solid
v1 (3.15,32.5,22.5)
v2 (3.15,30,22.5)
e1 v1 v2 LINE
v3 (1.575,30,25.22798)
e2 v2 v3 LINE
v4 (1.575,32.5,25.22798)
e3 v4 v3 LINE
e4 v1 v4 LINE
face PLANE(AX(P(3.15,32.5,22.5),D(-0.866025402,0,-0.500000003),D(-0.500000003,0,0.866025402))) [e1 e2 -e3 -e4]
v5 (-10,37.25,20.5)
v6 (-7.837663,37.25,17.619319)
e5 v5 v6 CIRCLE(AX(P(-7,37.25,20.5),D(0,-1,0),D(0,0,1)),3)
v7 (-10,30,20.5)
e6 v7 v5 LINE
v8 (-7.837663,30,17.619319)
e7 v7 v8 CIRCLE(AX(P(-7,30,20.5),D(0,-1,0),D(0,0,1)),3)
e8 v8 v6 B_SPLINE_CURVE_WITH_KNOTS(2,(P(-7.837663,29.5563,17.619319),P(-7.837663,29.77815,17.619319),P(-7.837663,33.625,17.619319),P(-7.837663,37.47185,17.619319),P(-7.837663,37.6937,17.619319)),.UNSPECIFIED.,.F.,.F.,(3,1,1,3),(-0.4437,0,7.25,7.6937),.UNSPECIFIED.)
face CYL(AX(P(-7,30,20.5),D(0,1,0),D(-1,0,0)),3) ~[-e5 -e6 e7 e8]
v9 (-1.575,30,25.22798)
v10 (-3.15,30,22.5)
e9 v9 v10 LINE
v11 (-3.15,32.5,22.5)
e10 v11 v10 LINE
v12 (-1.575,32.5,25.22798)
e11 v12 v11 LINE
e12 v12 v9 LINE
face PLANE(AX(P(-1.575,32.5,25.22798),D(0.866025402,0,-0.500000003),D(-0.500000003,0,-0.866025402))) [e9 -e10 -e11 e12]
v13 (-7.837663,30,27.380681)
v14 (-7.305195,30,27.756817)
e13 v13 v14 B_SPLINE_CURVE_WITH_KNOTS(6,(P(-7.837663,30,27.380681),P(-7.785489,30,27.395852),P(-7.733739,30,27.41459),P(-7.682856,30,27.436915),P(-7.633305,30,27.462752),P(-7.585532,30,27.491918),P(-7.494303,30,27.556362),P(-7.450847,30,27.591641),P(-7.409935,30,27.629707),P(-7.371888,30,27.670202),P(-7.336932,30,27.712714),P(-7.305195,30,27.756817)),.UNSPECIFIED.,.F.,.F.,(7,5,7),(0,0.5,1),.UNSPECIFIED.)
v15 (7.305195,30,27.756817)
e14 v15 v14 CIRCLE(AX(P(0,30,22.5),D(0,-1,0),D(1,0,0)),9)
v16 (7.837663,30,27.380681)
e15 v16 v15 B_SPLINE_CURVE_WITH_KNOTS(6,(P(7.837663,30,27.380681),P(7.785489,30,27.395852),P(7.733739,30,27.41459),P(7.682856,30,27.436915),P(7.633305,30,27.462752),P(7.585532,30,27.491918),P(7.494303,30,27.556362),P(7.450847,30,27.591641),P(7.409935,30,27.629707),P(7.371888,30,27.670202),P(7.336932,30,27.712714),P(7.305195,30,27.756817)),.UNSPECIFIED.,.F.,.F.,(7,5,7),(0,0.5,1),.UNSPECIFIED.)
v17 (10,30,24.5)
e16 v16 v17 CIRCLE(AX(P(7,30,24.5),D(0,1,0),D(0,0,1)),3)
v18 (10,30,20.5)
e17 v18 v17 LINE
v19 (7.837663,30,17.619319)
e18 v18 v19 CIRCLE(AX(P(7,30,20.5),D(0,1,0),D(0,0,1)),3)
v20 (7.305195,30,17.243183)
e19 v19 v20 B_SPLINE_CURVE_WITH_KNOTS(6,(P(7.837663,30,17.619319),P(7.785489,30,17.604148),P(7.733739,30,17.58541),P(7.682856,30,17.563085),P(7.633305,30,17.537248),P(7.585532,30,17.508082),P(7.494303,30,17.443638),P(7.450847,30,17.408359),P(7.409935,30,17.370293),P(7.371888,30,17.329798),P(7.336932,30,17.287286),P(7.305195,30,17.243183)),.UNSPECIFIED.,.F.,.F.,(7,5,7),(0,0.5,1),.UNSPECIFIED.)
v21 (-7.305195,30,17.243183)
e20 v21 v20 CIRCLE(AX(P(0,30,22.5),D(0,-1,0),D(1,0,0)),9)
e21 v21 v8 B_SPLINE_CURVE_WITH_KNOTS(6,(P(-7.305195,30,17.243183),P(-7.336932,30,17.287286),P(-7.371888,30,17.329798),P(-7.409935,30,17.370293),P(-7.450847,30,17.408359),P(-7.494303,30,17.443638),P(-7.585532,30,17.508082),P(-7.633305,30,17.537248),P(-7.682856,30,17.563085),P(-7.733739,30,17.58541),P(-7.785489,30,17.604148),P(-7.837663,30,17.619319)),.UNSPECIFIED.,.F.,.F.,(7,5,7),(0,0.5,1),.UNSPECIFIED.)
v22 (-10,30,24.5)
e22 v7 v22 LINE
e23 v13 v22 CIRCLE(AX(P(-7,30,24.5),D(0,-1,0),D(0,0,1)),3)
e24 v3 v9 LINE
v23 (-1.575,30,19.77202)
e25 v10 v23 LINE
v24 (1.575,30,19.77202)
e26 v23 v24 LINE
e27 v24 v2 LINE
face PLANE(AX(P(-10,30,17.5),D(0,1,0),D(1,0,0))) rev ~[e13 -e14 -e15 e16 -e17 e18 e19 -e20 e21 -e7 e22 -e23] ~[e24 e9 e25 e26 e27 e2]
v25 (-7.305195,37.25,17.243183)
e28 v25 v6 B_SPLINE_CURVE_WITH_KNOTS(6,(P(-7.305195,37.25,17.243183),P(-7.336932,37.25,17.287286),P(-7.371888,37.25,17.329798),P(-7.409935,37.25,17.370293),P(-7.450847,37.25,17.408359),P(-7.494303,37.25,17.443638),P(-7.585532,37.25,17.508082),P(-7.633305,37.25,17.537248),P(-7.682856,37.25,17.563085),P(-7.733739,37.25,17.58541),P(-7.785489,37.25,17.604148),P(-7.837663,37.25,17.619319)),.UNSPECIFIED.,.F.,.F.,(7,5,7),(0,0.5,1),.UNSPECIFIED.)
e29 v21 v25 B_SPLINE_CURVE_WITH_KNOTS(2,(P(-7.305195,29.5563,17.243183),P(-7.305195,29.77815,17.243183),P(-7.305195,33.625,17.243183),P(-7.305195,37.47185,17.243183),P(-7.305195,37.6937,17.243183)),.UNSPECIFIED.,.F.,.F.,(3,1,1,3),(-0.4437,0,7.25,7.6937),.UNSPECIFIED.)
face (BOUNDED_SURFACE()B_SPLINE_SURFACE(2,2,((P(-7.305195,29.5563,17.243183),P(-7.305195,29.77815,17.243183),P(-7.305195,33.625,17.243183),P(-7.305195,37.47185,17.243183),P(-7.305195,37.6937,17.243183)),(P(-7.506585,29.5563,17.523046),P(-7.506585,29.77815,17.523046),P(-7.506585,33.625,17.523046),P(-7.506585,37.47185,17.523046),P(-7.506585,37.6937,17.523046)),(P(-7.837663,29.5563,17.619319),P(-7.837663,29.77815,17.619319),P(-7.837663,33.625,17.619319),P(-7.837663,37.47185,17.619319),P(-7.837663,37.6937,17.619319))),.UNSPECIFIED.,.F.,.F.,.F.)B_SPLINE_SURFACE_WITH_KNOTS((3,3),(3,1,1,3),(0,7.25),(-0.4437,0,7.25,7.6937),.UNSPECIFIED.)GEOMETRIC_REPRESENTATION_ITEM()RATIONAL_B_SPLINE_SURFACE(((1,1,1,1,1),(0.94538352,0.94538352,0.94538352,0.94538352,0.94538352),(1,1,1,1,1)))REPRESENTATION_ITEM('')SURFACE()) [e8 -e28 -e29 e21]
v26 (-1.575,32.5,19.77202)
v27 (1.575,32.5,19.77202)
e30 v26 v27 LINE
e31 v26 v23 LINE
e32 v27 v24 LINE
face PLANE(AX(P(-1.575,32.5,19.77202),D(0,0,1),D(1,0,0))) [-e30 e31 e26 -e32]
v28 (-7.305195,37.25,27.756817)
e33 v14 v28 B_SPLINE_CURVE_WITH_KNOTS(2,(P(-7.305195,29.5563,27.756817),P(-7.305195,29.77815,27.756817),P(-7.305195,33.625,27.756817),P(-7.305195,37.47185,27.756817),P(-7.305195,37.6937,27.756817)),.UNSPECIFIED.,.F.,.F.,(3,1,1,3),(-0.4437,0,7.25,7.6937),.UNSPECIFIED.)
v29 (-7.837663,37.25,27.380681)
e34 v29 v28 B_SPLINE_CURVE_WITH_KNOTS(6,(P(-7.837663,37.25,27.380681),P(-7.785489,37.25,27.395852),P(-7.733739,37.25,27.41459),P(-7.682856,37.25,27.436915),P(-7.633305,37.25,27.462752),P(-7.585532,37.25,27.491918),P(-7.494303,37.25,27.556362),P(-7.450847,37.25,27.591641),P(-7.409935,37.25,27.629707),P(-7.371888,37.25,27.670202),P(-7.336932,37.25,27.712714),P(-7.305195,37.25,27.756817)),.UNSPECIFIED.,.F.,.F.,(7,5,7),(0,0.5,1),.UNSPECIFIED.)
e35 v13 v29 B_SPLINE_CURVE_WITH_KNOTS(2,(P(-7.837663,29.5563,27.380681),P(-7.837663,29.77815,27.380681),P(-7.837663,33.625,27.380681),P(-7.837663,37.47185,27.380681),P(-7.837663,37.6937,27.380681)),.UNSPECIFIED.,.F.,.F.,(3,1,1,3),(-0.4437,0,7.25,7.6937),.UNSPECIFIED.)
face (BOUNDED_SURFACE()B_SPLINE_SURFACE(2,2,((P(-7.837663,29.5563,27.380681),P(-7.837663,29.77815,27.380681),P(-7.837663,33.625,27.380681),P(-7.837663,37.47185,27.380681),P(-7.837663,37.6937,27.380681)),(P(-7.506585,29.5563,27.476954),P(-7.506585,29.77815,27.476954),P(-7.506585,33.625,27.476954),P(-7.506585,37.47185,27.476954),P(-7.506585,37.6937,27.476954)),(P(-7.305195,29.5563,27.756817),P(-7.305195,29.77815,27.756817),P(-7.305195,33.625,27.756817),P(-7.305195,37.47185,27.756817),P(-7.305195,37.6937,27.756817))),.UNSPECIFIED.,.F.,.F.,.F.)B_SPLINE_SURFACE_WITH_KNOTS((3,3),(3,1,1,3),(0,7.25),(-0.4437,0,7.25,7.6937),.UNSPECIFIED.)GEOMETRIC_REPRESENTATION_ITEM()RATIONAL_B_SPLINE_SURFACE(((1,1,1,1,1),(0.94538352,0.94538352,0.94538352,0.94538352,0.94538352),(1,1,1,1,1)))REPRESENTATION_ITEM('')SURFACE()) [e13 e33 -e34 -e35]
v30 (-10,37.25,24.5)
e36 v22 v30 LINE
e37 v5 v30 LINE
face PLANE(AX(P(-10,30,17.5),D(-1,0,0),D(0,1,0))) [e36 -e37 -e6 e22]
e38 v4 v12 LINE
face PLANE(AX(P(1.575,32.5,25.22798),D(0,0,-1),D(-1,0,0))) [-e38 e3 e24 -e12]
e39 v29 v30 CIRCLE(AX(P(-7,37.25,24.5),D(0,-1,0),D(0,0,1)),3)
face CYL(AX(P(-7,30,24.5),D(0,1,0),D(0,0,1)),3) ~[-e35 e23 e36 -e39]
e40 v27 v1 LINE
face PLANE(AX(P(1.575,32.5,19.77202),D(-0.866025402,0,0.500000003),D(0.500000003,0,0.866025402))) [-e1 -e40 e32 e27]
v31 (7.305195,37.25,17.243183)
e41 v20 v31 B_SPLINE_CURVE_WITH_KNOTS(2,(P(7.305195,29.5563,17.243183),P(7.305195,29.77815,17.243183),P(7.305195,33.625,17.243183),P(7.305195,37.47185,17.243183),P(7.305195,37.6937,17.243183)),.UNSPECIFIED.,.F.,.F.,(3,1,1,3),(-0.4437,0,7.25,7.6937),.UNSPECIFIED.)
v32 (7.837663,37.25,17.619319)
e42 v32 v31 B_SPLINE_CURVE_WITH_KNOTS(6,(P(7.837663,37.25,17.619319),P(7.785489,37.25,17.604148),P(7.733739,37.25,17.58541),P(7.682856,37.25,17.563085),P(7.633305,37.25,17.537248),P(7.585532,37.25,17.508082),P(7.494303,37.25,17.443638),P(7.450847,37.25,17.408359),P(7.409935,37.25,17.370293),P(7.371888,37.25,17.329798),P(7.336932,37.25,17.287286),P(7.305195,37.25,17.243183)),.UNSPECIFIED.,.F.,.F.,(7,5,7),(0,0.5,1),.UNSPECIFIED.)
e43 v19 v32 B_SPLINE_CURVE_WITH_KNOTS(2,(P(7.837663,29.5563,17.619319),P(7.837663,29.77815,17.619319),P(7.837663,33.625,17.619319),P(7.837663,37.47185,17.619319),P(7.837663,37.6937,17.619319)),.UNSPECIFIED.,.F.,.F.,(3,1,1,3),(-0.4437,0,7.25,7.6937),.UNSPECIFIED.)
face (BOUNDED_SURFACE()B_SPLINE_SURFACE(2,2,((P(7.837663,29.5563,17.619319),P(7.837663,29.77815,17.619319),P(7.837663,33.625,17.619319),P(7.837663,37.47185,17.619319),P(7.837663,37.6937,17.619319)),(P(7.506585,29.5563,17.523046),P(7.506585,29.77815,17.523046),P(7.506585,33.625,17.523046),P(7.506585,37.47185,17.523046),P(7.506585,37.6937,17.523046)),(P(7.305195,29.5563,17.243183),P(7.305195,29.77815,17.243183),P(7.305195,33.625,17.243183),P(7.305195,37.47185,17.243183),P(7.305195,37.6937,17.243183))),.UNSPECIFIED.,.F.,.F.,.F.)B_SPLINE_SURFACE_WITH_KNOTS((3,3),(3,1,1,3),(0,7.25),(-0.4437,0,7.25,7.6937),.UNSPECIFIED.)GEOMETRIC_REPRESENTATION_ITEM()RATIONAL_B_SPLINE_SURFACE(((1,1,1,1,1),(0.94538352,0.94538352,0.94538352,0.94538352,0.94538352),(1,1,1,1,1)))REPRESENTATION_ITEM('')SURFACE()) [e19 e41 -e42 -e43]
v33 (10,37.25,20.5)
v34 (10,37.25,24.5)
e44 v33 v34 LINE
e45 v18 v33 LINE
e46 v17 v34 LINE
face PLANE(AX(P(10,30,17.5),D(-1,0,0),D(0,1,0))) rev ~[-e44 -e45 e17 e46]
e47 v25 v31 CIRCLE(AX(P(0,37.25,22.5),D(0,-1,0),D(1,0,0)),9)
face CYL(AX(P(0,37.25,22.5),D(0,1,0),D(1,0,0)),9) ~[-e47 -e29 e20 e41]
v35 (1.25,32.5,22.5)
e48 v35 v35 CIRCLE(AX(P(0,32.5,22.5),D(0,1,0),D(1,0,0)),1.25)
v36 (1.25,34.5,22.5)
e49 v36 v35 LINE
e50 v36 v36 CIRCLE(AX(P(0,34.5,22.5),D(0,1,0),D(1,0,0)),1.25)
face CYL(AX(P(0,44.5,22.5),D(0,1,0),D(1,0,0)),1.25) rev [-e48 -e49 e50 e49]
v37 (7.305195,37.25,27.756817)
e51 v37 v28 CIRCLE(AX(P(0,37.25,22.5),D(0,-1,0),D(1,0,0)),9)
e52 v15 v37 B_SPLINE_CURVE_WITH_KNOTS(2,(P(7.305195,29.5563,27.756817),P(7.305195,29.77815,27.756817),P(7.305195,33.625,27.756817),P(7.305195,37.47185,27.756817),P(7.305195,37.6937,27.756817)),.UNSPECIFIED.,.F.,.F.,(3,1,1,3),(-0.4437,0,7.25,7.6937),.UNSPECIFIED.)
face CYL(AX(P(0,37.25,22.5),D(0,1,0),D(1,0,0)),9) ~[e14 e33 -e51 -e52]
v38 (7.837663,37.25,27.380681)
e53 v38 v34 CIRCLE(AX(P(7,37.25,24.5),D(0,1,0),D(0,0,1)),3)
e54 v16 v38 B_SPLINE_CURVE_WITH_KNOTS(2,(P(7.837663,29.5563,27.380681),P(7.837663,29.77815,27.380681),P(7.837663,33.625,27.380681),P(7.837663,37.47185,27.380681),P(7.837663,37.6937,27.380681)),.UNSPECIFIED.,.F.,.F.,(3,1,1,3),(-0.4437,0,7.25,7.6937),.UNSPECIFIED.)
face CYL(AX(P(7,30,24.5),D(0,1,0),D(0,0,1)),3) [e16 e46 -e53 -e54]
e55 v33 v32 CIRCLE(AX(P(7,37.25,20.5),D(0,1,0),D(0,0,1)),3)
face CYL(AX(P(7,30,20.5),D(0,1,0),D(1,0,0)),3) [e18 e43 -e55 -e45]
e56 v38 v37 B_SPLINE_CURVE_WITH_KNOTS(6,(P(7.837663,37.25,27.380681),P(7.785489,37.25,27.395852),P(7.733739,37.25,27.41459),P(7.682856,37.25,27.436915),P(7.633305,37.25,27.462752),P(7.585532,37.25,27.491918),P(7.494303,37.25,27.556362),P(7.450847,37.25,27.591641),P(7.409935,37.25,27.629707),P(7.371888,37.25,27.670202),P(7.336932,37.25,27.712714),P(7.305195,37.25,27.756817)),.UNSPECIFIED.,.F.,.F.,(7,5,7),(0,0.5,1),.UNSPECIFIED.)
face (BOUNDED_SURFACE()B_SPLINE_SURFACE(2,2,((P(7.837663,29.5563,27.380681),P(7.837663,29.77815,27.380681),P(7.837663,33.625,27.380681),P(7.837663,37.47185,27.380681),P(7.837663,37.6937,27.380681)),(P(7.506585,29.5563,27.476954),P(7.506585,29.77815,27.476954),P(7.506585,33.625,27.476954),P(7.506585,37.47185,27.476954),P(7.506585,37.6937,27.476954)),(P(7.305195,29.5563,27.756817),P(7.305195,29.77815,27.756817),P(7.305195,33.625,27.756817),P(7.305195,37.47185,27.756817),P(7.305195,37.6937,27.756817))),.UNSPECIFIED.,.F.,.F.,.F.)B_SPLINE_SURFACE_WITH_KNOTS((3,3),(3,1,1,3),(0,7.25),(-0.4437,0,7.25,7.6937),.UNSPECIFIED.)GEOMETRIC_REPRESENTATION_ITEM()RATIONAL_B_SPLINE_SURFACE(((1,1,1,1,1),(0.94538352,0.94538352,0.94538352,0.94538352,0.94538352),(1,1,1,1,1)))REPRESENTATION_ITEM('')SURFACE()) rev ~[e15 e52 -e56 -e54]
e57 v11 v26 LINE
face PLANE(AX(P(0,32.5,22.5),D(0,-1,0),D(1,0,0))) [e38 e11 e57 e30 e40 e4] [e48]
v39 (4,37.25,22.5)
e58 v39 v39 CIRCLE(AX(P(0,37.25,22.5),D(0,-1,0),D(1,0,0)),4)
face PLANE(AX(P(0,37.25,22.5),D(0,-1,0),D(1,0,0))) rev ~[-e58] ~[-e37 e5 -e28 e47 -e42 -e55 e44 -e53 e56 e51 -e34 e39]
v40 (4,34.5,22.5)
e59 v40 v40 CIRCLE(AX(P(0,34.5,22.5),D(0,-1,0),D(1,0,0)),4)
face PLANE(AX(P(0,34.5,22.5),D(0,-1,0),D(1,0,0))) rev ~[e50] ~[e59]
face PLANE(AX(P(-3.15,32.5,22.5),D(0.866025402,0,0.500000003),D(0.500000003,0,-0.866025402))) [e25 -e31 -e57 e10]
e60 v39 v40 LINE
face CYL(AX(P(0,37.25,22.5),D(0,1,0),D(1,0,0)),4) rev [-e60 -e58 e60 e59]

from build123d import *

# Parameters (mm, degrees)
CYLINDER014_R     = 4
CYLINDER014_DEPTH = 10
CYLINDER013_R     = 1.25
CYLINDER013_DEPTH = 50
PRISM002_DEPTH    = 2.5
BOX004_W          = 20
BOX004_H          = 7.25
BOX004_DEPTH      = 10
FILLET004_R       = 3
FILLET005_R       = 3
CYLINDER016_R     = 4
CYLINDER016_DEPTH = 7.25
CYLINDER015_R     = 9
CYLINDER015_DEPTH = 7.25
FILLET006_R       = 1


with BuildPart() as cylinder013:
    # Cylinder014 → Cylinder014 (new body)
    with BuildSketch(Plane(origin=(0, -16, 22.5), x_dir=(1, 0, 0), z_dir=(0, -1, 0))):
        Circle(CYLINDER014_R)
    extrude(amount=CYLINDER014_DEPTH)


with BuildPart() as fusion004:
    # Cylinder013 → Cylinder013 (new body)
    with BuildSketch(Plane(origin=(0, -16, 22.5), x_dir=(1, 0, 0), z_dir=(0, -1, 0))):
        Circle(CYLINDER013_R)
    extrude(amount=CYLINDER013_DEPTH)

    # Fusion004: union Cylinder013
    add(cylinder013.part)


with BuildPart() as fusion004_1:
    # Fusion004 placement: moved
    add(fusion004.part.moved(Location((0, 57, 0))))


with BuildPart() as fusion005:
    # Prism002 → Prism002 (new body)
    with BuildSketch(Plane(origin=(0, 29, 22.5), x_dir=(1, 0, 0), z_dir=(0, -1, 0))):
        Polygon((3.15, 0), (1.575, 2.72798), (-1.575, 2.72798), (-3.15, 0), (-1.575, -2.72798), (1.575, -2.72798), align=None)
    extrude(amount=PRISM002_DEPTH)

    # Fusion005: union Fusion004
    add(fusion004_1.part)


with BuildPart() as fusion005_1:
    # Fusion005 placement: moved
    add(fusion005.part.moved(Location((0, -26.5, -5))))


with BuildPart() as fillet005:
    # Box004 → Box004 (new body)
    with BuildSketch(Plane(origin=(-10, 0, 12.5), x_dir=(1, 0, 0), z_dir=(0, 0, 1))):
        with Locations((10, 3.625)):
            Rectangle(BOX004_W, BOX004_H)
    extrude(amount=BOX004_DEPTH)

    # Cut012: cut Fusion005
    add(fusion005_1.part, mode=Mode.SUBTRACT)

    # Fillet004
    fillet004_edges = [fillet005.edges().sort_by_distance(p)[0] for p in [
        (10, 3.625, 22.5),
    ]]
    fillet(fillet004_edges, radius=FILLET004_R)

    # Fillet005
    fillet005_edges = [fillet005.edges().sort_by_distance(p)[0] for p in [
        (10, 3.625, 12.5),
        (-10, 3.625, 12.5),
        (-10, 3.625, 22.5),
    ]]
    fillet(fillet005_edges, radius=FILLET005_R)


with BuildPart() as cylinder015:
    # Cylinder016 → Cylinder016 (new body)
    with BuildSketch(Plane(origin=(0, 0, 17.5), x_dir=(1, 0, 0), z_dir=(0, -1, 0))):
        Circle(CYLINDER016_R)
    extrude(amount=CYLINDER016_DEPTH)


with BuildPart() as tornillos_para_metal:
    # Cylinder015 → Cylinder015 (new body)
    with BuildSketch(Plane(origin=(0, 0, 17.5), x_dir=(1, 0, 0), z_dir=(0, -1, 0))):
        Circle(CYLINDER015_R)
    extrude(amount=CYLINDER015_DEPTH)

    # Cut013: cut Cylinder015
    add(cylinder015.part, mode=Mode.SUBTRACT)


with BuildPart() as tornillos_para_metal_1:
    # Cut013 placement: moved
    add(tornillos_para_metal.part.moved(Location((0, 7.25, 0))))

    # Fusion006: union Fillet005
    add(fillet005.part)

    # Fillet006
    fillet006_edges = [tornillos_para_metal_1.edges().sort_by_distance(p)[0] for p in [
        (7.512605, 3.625, 22.455882),
        (7.512605, 3.625, 12.544118),
        (-7.512605, 3.625, 12.544118),
        (-7.512605, 3.625, 22.455882),
    ]]
    fillet(fillet006_edges, radius=FILLET006_R)


with BuildPart() as tornillos_para_metal_2:
    # Fillet006 placement: moved
    add(tornillos_para_metal_1.part.moved(Location((0, 30, 5))))


solid = tornillos_para_metal_2.part
